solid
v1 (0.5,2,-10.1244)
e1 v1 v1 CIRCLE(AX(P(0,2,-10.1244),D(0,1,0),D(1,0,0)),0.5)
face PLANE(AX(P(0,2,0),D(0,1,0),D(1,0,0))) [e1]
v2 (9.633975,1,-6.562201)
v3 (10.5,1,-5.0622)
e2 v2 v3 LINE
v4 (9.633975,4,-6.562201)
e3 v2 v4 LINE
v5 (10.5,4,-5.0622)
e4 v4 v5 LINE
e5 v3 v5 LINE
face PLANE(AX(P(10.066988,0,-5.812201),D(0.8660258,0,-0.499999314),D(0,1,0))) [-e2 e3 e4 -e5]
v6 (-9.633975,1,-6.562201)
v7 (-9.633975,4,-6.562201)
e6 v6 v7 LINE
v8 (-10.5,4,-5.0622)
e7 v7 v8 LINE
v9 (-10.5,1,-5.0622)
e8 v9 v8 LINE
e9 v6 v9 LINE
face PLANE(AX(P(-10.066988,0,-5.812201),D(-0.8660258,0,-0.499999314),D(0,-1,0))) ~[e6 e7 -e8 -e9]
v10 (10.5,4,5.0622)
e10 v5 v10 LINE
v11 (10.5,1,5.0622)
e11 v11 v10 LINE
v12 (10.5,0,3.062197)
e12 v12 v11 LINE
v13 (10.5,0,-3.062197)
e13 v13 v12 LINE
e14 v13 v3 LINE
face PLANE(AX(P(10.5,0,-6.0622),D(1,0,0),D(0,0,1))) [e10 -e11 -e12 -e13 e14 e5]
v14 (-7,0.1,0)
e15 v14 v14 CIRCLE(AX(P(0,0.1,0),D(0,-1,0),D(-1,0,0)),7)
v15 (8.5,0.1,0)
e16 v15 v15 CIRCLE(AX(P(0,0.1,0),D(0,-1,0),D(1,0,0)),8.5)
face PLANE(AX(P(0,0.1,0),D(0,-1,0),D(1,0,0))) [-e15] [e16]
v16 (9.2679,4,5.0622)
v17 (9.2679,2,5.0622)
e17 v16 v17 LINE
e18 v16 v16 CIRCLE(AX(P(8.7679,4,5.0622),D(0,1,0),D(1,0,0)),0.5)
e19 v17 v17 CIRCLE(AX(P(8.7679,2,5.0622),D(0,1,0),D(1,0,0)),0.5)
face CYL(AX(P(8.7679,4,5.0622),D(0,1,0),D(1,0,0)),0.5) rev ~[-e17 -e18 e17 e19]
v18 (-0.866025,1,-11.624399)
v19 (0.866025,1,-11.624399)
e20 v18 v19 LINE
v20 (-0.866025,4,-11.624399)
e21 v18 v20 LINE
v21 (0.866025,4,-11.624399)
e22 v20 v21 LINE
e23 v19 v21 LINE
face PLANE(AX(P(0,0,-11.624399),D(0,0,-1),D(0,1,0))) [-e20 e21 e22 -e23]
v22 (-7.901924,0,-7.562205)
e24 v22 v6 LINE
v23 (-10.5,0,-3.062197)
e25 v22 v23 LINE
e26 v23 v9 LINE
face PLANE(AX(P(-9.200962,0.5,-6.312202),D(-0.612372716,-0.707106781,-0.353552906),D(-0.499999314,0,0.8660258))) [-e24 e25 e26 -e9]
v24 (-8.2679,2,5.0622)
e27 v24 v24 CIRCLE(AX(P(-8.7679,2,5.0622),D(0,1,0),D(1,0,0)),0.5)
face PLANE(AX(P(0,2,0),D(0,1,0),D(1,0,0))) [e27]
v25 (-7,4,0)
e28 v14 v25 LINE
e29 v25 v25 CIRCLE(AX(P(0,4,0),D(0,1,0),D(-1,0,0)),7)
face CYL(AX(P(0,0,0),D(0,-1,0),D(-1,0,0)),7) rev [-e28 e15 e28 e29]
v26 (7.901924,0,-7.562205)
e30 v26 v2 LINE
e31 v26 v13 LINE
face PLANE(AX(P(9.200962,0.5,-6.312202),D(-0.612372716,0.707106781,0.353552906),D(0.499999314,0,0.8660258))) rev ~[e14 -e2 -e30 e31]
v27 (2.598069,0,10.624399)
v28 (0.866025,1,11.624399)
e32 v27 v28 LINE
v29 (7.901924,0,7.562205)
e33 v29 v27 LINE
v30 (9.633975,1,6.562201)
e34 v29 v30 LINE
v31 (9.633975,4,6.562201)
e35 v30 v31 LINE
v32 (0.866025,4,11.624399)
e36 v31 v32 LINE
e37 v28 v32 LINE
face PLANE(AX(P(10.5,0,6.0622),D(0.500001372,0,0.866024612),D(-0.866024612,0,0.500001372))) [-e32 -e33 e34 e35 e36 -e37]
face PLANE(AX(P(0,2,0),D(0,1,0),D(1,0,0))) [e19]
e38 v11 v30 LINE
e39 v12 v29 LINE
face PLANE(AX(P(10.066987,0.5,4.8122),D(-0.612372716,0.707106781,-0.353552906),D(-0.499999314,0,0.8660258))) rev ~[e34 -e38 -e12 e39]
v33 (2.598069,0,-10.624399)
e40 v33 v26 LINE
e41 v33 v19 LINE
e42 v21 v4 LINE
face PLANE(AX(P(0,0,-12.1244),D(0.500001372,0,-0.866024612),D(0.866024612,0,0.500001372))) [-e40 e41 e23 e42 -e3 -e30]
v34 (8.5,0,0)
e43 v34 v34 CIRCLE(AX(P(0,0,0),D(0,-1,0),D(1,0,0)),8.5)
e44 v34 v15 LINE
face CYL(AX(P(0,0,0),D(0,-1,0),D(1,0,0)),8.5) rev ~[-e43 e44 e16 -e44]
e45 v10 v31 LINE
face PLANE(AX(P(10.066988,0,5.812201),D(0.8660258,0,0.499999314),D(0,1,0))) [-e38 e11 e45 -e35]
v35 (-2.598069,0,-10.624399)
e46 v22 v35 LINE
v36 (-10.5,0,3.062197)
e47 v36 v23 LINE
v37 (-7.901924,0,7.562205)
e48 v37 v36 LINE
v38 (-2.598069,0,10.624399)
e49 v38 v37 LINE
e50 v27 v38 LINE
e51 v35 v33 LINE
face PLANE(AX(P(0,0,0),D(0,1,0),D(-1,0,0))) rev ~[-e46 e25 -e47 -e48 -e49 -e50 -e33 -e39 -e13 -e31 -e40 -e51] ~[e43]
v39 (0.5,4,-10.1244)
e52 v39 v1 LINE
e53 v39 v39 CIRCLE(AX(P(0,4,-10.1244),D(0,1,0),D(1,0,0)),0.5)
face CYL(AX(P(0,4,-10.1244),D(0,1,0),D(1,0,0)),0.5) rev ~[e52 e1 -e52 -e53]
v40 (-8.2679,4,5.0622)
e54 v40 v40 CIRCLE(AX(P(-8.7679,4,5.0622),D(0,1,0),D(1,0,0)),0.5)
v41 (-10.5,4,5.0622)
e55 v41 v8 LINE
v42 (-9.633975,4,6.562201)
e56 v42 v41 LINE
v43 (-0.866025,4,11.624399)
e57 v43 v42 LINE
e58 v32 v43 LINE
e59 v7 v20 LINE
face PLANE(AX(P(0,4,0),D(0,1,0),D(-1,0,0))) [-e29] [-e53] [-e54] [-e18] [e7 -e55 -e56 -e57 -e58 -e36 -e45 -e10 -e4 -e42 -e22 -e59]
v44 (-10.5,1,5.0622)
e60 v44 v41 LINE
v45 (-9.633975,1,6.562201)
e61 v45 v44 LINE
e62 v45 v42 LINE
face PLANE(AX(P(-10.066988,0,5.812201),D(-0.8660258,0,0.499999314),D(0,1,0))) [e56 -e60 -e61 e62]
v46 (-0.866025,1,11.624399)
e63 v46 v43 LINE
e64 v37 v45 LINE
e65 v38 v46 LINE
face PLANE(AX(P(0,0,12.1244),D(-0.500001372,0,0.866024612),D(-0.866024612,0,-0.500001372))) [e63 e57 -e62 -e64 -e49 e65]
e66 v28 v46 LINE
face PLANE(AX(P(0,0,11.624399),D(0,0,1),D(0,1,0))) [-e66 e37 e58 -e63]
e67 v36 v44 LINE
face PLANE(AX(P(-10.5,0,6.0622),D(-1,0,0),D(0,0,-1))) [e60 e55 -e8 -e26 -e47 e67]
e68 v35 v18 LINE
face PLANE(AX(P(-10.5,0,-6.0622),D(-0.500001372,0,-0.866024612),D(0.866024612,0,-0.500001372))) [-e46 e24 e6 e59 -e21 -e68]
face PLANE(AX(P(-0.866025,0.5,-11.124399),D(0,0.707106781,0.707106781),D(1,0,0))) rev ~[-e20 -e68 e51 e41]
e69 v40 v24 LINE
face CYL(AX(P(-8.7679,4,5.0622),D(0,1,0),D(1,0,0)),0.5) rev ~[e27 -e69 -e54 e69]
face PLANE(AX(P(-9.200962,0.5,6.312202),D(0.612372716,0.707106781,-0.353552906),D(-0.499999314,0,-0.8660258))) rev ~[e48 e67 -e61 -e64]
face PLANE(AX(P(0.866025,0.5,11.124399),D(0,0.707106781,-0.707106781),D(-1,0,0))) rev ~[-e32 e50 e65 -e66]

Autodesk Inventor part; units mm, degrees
ref_plane "YZ Plane" through (0, 0, 0) normal (1, 0, 0) x (0, 1, 0)
ref_plane "XZ Plane" through (0, 0, 0) normal (0, 1, 0) x (-1, 0, 0)
ref_plane "XY Plane" through (0, 0, 0) normal (0, 0, 1) x (1, 0, 0)
sketch "Sketch1" plane through (0, 0, 0) normal (0, 1, 0) x (-1, 0, 0)
  line L0 (0, 0) -> (10.5, 0) construction
  line L1 (10.5, -6.0622) -> (0, -12.1244)
  line L2 (0, -12.1244) -> (-10.5, -6.0622)
  line L3 (-10.5, -6.0622) -> (-10.5, 6.0622)
  line L4 (-10.5, 6.0622) -> (0, 12.1244)
  line L5 (0, 12.1244) -> (10.5, 6.0622)
  line L6 (10.5, 6.0622) -> (10.5, -6.0622)
  circle A0 centre (0, 0) radius 7
  dimension "d0" = 10.5
  dimension "d1" = 14
extrude "Extrusion1" add sketch "Sketch1" along normal blind 4
thread "Thread1" size "M14x1.25" class "6H" standard "ANSI Metric M Profile" full length
chamfer "Chamfer1" distance 1 angle 45 6 edges at (10.5, 2, 6.0622) (10.5, 2, -6.0622) (0, 2, -12.1244) (-10.5, 2, -6.0622) (-10.5, 2, 6.0622) (0, 2, 12.1244)
chamfer "Chamfer2" distance 1 angle 45 6 edges at (-10.067, 0, -5.8122) (0, 0, -11.6244) (-10.067, 0, 5.8122) (10.067, 0, -5.8122) (10.067, 0, 5.8122) (0, 0, 11.6244)
sketch "Sketch2" plane through (0, 4, 0) normal (0, 1, 0) x (1, 0, 0)
  circle A0 centre (0, 10.1244) radius 0.5
  line L0 (-0.866, 11.6244) -> (0.866, 11.6244) projected
  circle A1 centre (-8.7679, -5.0622) radius 0.5
  circle A2 centre (8.7679, -5.0622) radius 0.5
  point P0 (0, 0)
  dimension "d12" = 1
  dimension "d13" = 1.5
  dimension "d16" = 360
extrude "Extrusion2" cut sketch "Sketch2" against normal blind 2
sketch "Sketch3" plane through (0, 0, 0) normal (0, -1, 0) x (1, 0, 0)
  circle A0 centre (0, 0) radius 8.5
  dimension "d20" = 17
extrude "Extrusion3" cut sketch "Sketch3" against normal blind 0.1
properties part number "nut"
